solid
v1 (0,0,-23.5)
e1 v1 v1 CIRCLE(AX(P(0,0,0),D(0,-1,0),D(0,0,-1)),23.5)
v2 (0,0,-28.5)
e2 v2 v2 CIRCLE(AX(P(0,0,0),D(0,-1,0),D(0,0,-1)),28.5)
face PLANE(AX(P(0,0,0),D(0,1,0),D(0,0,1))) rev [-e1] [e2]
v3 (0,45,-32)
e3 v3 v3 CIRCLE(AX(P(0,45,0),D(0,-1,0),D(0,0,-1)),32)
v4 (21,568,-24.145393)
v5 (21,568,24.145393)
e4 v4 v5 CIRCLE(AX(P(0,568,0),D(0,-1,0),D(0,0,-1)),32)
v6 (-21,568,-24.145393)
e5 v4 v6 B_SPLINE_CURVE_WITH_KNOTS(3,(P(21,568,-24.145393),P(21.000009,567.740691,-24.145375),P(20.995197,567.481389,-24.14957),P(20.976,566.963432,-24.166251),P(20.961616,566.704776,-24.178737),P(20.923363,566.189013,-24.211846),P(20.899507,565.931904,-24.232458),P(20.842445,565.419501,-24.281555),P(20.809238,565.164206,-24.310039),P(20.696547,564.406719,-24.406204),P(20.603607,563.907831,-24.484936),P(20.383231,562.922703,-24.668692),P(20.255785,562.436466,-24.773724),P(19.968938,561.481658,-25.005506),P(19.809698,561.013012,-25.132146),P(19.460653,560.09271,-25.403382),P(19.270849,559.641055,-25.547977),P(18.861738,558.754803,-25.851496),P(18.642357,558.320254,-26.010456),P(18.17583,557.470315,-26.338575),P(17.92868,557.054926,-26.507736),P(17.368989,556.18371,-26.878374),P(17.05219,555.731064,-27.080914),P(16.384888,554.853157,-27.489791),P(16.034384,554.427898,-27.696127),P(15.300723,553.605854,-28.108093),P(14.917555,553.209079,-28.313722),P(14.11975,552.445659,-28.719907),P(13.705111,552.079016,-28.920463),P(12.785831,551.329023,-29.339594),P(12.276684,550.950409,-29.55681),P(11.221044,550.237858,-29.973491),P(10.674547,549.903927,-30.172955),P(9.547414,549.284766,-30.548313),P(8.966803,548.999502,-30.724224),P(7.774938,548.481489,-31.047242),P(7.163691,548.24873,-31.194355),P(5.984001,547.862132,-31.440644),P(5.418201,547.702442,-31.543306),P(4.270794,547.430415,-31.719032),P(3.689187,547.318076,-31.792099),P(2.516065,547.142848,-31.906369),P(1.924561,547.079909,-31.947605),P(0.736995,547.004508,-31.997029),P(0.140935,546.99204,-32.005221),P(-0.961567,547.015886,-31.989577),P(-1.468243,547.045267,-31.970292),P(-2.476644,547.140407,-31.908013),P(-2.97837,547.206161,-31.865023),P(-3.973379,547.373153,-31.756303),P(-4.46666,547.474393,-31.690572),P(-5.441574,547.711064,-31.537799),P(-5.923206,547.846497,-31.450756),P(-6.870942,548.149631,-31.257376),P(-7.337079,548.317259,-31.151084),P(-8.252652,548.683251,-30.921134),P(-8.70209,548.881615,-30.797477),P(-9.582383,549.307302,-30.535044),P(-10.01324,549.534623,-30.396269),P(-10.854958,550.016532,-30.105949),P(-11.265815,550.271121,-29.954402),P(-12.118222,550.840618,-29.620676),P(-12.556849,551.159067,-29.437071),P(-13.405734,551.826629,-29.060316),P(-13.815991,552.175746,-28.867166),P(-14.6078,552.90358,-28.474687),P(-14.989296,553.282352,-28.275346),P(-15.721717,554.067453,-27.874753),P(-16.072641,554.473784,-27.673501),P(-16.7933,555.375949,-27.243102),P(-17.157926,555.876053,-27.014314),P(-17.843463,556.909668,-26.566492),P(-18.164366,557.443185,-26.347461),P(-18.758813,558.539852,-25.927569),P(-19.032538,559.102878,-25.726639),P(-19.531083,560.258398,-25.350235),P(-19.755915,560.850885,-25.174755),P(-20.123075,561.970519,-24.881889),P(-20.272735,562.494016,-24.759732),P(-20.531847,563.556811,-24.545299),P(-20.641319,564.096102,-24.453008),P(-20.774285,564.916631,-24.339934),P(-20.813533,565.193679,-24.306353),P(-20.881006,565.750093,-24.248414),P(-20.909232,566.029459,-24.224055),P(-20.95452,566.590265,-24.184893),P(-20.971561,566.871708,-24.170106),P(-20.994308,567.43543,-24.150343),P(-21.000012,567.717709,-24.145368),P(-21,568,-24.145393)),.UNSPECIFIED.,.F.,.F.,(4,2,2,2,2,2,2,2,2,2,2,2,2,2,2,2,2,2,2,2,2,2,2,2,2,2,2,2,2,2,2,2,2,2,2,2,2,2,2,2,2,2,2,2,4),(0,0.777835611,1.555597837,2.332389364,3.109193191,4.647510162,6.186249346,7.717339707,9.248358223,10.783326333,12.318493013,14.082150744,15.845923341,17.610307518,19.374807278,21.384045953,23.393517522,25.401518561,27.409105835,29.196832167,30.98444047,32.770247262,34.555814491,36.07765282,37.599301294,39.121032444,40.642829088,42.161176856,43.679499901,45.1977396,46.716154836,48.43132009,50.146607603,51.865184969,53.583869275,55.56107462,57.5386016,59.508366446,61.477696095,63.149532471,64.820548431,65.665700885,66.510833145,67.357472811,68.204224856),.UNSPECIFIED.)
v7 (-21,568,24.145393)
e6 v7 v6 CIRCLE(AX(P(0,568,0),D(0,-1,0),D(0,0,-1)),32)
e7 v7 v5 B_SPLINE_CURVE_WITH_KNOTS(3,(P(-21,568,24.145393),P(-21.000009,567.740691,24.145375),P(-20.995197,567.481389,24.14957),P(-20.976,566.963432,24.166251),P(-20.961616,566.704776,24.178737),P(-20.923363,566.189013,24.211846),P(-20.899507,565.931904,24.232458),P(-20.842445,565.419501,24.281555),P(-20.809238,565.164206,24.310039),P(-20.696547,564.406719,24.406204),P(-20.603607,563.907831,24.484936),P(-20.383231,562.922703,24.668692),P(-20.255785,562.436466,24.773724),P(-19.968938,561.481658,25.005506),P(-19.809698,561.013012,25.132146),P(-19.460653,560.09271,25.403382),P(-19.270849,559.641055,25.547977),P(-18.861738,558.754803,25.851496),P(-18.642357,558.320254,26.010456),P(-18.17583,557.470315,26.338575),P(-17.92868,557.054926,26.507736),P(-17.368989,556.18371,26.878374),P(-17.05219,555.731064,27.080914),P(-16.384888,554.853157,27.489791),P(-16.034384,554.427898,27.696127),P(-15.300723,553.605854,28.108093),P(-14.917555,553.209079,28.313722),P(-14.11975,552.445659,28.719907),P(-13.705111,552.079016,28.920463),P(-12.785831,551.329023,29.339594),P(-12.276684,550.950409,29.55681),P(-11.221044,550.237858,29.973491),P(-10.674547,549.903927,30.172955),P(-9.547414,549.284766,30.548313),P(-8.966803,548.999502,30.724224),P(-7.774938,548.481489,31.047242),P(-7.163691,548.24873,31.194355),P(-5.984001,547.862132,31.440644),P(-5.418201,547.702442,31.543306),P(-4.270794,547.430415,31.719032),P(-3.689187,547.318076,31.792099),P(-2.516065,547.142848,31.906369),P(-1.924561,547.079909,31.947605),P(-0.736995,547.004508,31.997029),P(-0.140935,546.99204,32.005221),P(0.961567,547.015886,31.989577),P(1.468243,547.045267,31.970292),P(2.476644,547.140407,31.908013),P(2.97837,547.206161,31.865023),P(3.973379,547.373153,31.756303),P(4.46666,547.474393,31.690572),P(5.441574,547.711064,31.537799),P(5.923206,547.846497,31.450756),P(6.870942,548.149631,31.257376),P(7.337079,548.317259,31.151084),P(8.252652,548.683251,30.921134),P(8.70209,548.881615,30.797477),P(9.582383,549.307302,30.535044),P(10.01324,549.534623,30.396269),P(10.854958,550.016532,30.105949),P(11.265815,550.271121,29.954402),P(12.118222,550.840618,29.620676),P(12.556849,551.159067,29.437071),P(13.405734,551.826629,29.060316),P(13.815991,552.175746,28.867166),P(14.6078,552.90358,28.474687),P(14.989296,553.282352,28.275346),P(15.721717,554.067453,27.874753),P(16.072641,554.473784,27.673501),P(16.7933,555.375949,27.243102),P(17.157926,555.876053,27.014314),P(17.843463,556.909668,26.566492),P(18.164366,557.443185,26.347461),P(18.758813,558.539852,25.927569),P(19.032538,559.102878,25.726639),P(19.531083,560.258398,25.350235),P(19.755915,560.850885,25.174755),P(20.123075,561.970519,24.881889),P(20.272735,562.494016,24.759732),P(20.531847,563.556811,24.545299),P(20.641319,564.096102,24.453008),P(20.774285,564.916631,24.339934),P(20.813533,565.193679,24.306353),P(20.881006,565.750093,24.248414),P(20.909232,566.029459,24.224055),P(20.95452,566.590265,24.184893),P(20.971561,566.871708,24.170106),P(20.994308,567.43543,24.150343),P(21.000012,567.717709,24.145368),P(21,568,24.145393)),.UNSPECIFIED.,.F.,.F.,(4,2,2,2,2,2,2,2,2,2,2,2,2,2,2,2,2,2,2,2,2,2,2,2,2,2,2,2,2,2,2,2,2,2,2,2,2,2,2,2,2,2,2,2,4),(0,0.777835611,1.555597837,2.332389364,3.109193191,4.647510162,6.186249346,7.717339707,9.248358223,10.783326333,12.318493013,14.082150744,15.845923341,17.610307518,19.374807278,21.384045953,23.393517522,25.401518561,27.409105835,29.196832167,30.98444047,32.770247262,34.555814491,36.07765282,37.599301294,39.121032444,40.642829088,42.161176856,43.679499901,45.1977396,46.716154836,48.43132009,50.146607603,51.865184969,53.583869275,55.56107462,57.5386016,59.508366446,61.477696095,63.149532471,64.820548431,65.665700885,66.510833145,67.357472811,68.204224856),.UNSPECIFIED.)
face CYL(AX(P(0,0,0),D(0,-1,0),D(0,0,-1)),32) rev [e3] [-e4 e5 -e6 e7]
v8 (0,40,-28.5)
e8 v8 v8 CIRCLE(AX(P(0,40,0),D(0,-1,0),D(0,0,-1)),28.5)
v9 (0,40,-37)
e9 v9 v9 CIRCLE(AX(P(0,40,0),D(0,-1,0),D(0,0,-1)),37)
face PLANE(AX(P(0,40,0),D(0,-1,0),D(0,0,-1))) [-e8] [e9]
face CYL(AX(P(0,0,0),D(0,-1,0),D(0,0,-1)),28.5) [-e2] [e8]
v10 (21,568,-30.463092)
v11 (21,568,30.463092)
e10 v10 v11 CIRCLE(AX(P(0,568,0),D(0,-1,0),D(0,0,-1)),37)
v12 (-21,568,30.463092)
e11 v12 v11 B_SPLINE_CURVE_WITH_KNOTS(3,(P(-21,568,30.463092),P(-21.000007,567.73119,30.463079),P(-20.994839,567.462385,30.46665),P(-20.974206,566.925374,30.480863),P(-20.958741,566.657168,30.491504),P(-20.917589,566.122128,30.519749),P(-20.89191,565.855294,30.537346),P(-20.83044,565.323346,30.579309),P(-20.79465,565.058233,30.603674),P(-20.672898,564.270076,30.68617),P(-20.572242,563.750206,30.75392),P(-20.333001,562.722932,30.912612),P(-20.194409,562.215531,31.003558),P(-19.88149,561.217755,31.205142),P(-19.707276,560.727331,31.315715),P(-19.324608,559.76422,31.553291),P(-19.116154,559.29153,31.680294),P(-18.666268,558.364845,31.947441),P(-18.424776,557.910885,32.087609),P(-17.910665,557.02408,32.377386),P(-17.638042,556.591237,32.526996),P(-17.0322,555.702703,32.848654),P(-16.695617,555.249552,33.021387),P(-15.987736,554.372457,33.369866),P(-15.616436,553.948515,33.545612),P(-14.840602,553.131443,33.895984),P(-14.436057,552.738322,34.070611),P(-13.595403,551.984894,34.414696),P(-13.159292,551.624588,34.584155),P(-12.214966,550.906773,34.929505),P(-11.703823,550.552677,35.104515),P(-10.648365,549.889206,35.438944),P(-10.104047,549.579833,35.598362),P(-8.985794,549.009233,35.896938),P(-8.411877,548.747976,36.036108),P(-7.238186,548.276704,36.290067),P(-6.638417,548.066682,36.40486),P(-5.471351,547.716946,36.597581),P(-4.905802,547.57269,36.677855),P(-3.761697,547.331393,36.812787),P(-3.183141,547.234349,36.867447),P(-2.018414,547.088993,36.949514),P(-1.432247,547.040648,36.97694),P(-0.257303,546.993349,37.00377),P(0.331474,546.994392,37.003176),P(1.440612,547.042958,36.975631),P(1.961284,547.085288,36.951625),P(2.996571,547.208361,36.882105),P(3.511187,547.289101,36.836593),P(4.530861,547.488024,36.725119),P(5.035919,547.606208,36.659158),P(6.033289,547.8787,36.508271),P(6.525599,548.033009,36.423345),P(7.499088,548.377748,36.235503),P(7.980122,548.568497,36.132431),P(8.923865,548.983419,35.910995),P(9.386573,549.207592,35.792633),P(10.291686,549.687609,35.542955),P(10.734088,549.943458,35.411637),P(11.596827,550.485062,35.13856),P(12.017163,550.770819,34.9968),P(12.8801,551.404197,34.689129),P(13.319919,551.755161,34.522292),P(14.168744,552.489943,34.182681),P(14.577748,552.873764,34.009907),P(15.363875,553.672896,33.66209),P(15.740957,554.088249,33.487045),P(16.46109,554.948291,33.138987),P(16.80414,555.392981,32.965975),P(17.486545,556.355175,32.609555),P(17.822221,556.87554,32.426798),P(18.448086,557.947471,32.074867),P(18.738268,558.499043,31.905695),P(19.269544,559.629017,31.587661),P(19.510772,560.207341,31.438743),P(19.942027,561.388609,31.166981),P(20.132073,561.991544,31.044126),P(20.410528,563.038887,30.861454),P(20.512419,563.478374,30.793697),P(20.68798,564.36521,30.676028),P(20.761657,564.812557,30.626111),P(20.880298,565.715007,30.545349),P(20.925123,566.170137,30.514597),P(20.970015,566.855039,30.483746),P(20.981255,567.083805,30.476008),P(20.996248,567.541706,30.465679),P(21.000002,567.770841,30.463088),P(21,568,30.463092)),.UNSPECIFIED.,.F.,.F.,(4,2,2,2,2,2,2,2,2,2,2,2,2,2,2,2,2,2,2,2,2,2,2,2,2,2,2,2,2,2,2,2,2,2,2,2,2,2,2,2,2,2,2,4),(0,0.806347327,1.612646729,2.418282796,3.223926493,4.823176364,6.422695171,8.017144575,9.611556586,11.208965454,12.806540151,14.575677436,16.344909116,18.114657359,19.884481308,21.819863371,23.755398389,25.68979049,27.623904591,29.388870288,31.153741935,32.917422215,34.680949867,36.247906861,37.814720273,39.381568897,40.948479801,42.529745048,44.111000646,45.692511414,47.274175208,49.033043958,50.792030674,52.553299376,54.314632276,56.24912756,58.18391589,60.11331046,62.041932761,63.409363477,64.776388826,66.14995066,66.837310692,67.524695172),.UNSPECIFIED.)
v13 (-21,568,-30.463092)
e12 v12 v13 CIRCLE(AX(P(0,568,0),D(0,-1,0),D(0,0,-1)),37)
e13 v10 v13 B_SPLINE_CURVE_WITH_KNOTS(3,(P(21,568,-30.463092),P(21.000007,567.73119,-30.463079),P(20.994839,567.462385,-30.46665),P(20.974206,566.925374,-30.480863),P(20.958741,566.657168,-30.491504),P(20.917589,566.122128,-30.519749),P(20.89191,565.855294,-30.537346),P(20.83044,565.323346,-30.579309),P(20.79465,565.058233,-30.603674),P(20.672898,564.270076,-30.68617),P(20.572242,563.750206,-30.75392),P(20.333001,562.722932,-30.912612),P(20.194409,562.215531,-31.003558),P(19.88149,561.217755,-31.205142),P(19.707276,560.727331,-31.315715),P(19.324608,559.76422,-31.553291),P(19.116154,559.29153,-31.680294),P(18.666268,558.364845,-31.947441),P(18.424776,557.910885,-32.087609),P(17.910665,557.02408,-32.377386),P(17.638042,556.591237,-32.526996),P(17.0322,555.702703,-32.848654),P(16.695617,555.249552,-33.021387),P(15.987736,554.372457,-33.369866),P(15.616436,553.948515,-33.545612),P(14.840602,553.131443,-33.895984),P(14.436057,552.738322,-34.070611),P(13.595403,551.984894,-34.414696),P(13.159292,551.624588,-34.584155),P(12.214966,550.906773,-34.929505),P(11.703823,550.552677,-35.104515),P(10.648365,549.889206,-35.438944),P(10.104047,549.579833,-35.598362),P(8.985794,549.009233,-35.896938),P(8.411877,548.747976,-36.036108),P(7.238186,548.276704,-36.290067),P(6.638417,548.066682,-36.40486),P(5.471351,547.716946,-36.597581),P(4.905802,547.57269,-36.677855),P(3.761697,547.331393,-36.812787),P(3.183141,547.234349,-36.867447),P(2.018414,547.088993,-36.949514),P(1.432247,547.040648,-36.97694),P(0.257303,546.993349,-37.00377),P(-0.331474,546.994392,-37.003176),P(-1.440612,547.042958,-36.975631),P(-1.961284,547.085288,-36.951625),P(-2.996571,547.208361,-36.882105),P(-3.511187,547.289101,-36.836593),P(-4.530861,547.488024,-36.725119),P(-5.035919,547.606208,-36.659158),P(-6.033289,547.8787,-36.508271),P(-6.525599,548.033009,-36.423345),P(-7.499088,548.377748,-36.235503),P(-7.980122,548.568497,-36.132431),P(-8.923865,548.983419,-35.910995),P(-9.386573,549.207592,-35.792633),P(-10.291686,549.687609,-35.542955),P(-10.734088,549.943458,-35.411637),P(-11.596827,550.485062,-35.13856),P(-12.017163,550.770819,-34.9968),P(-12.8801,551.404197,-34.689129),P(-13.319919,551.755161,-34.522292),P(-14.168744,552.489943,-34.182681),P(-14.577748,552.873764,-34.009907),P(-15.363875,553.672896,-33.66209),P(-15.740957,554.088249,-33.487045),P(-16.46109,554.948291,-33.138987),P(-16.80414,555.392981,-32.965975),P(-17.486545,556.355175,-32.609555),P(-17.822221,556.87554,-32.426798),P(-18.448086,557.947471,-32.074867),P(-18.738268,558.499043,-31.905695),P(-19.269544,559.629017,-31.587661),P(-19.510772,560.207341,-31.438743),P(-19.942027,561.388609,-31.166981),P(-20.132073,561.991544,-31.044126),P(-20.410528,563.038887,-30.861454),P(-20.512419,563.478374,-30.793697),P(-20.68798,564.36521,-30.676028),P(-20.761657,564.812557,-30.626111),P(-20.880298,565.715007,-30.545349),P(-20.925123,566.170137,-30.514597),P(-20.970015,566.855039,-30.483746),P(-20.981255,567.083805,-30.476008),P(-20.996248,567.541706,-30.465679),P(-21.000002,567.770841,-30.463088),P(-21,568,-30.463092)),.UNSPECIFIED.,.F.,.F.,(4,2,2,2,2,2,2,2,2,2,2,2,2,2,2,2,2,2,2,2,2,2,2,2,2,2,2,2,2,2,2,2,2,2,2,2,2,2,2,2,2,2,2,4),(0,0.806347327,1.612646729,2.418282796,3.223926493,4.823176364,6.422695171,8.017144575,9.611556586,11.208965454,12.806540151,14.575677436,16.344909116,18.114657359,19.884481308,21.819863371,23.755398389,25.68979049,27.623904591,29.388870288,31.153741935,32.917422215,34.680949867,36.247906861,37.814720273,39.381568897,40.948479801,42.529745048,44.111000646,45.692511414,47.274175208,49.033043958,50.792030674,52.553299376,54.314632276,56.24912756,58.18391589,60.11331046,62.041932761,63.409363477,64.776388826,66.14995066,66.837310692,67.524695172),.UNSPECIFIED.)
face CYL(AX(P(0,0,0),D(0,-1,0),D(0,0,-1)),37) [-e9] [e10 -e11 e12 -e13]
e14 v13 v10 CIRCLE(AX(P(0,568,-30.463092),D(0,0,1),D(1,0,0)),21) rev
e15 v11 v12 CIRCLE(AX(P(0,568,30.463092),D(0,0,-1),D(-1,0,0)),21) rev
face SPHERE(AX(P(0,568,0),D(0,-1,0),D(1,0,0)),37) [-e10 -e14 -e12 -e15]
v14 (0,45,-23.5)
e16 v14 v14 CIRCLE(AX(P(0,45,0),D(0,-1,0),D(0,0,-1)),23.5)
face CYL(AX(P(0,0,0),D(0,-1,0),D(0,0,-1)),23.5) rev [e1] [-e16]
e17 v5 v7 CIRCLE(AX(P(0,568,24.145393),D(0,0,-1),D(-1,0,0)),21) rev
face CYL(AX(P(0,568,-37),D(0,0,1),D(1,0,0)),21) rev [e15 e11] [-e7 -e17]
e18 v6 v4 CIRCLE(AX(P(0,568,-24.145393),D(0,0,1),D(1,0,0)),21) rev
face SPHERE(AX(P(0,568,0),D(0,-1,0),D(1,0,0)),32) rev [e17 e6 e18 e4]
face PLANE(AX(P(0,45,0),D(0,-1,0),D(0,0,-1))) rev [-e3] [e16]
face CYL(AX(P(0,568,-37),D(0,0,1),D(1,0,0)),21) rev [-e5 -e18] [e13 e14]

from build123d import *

# Parameters (mm, degrees)
CUT_EXTRUDE1_DEPTH      = 608.258594011
CUT_EXTRUDE1_DEPTH_BACK = 608.258594011
SKETCH2_R               = 21


with BuildPart() as part:
    # Sketch1 → Revolve1 (revolve)
    with BuildSketch(Plane.XY, mode=Mode.PRIVATE) as revolve1_sk:
        with BuildLine():
            Line((23.5, 0), (28.5, 0))
            Line((28.5, 0), (28.5, 40))
            Line((28.5, 40), (37, 40))
            Line((37, 40), (37, 568))
            ThreePointArc((37, 568), (26.162950904, 594.162950904), (0, 605))
            Line((0, 605), (0, 600))
            ThreePointArc((0, 600), (22.627416998, 590.627416998), (32, 568))
            Line((32, 568), (32, 45))
            Line((32, 45), (23.5, 45))
            Line((23.5, 45), (23.5, 0))
        make_face()
    revolve(revolve1_sk.sketch.rotate(Axis((0, 0, 0), (0, 1, 0)), 90), axis=Axis((0, 0, 0), (0, 1, 0)))

    # Sketch2 → Cut-Extrude1 (cut, two sides: drawn at the far end of the back side and taken through both)
    with BuildSketch(Plane.XY.offset(-CUT_EXTRUDE1_DEPTH_BACK)):
        with Locations((0, 568)):
            Circle(SKETCH2_R)
    extrude(amount=CUT_EXTRUDE1_DEPTH + CUT_EXTRUDE1_DEPTH_BACK, mode=Mode.SUBTRACT)


solid = part.part
